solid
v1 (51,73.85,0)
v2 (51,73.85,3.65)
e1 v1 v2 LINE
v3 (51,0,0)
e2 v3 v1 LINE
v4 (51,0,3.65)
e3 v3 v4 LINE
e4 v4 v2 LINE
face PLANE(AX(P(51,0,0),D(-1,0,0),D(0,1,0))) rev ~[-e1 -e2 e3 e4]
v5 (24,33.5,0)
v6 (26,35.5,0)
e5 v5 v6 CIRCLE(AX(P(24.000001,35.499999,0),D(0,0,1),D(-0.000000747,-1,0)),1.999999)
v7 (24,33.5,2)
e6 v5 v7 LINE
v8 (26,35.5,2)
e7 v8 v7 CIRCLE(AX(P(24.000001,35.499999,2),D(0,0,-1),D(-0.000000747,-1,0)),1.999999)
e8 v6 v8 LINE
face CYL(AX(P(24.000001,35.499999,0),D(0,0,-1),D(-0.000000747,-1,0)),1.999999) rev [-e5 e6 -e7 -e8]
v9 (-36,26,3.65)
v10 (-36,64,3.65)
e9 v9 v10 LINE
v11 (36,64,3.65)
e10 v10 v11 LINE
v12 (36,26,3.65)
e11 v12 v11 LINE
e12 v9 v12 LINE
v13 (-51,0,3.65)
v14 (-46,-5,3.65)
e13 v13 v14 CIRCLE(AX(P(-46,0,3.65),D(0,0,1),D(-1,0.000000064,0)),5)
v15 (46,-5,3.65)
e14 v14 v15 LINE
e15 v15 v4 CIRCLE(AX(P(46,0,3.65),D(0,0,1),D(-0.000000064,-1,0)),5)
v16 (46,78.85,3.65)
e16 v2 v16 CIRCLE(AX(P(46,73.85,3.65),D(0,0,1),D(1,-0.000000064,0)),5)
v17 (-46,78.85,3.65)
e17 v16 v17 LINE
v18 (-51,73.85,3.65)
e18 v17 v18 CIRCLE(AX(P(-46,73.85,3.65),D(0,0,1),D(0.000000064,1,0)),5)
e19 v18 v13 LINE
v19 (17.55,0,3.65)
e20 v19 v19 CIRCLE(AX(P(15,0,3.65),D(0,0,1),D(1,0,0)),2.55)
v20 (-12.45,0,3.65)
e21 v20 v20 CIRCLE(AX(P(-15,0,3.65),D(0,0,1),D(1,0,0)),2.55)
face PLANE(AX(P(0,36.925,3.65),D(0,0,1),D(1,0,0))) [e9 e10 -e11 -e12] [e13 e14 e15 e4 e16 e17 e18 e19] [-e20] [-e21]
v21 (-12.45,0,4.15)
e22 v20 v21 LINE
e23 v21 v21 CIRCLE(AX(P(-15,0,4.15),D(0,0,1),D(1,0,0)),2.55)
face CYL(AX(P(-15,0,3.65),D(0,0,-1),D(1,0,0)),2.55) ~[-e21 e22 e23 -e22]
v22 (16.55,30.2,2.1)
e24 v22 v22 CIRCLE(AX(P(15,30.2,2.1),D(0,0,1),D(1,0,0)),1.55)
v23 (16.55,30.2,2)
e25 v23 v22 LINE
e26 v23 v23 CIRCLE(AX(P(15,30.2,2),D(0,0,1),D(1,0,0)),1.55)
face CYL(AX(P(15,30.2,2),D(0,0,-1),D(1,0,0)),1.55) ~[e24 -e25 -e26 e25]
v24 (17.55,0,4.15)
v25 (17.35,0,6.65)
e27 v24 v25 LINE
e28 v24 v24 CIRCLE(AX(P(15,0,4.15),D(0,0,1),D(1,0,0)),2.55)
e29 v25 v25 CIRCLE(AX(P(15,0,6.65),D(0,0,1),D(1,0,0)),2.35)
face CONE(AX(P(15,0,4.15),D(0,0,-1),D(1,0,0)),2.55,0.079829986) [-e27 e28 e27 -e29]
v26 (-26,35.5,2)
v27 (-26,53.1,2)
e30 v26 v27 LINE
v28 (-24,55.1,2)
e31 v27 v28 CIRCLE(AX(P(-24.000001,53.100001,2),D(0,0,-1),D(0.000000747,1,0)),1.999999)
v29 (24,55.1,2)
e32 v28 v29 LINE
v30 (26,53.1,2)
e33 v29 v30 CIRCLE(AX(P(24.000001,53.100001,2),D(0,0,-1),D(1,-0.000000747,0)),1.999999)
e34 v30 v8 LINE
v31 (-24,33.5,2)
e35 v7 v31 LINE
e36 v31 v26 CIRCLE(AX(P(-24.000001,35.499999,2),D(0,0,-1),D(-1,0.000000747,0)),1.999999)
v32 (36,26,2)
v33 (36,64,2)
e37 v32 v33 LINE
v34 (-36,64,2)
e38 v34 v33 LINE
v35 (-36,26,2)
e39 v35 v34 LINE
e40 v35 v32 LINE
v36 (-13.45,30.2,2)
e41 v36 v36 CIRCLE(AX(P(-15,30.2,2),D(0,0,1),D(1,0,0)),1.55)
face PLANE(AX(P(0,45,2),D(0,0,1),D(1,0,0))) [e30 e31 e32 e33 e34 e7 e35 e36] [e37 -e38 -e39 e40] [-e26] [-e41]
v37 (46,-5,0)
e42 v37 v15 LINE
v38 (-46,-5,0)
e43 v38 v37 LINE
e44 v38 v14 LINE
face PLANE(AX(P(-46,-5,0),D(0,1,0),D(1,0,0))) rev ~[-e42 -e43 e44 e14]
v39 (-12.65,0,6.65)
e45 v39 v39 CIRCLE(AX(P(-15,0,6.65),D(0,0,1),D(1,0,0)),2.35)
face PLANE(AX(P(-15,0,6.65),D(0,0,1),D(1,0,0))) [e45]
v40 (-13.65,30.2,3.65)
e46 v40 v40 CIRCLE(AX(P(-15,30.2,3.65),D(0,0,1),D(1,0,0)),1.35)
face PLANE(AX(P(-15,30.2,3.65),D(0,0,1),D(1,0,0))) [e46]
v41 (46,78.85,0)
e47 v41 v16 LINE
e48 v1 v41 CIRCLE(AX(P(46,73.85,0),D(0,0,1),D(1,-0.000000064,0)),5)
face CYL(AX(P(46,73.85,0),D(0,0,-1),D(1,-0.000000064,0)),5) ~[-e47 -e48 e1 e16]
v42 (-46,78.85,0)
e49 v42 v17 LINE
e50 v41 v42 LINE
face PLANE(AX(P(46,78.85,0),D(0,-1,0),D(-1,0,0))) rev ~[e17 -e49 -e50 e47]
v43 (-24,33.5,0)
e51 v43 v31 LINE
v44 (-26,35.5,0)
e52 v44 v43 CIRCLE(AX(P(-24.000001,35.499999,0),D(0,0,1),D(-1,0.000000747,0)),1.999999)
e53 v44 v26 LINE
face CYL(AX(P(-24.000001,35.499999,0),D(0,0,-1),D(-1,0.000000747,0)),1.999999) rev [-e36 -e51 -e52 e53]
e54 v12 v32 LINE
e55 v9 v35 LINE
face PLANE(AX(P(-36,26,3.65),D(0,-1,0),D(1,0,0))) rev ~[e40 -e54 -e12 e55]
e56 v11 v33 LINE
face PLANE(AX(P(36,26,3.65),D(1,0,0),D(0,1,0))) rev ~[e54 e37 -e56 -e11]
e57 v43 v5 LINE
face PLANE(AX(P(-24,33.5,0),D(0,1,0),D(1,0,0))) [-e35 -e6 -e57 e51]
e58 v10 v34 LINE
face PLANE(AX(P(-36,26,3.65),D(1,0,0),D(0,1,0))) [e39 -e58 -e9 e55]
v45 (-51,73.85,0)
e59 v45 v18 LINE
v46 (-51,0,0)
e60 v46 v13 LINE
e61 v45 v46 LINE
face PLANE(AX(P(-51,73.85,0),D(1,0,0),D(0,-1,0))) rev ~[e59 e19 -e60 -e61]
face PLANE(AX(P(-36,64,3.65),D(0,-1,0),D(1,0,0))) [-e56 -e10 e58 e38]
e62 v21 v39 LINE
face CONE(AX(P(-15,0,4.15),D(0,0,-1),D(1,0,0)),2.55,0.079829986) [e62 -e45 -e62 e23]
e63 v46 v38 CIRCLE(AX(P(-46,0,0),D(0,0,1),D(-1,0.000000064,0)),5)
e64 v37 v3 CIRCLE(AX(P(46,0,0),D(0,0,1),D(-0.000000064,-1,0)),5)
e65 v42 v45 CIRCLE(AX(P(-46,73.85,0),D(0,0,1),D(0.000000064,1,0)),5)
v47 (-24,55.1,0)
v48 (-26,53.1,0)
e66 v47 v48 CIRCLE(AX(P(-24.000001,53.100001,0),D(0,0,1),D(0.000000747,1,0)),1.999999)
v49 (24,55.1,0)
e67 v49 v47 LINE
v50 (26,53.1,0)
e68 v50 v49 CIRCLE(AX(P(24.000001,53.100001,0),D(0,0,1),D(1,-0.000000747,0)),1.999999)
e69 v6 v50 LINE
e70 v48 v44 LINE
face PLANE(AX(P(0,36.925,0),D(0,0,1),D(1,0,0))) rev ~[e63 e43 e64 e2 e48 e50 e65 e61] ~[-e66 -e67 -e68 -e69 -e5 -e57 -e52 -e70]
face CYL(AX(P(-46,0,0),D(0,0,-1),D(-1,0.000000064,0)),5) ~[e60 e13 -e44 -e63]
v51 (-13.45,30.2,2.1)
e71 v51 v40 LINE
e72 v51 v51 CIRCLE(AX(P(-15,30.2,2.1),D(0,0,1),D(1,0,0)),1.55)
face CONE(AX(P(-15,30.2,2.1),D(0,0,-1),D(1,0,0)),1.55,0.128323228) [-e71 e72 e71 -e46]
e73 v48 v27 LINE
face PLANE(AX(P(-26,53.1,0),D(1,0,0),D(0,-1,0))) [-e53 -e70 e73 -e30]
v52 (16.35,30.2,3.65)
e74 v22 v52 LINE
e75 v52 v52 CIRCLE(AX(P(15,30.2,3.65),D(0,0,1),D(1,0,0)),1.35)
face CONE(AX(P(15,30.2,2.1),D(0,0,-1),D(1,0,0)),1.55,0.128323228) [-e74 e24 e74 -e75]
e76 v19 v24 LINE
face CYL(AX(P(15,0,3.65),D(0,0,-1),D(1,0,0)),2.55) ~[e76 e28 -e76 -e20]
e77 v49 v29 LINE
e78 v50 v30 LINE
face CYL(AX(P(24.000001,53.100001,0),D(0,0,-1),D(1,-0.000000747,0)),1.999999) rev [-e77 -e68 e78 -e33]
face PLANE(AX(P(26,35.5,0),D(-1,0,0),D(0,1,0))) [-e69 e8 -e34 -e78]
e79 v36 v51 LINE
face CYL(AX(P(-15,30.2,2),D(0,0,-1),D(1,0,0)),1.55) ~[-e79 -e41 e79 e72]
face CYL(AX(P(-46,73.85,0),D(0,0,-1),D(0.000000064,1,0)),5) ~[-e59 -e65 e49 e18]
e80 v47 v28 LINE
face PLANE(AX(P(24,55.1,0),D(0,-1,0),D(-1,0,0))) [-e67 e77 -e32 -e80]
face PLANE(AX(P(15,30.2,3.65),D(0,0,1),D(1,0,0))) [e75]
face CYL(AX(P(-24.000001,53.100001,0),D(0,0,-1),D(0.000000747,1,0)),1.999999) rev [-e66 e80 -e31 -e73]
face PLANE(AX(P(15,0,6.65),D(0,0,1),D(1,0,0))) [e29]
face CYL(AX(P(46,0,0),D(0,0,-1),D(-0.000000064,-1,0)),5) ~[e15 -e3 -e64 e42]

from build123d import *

# Parameters (mm, degrees)
PAD_DEPTH          = 3.65
SKETCH002_R        = 2.55
PAD002_DEPTH       = 3
SKETCH006_W        = 72
SKETCH006_H        = 38
POCKET001_DEPTH    = 1.65
SKETCH003_R        = 1.55
PAD003_DEPTH       = 1.65
CHAMFER_1_SIZE2    = 0.2
CHAMFER_1_SIZE     = 2.5
CHAMFER_2_SIZE2    = 0.2
CHAMFER_2_SIZE     = 2.5
CHAMFER001_1_SIZE2 = 0.2
CHAMFER001_1_SIZE  = 1.55
CHAMFER001_2_SIZE2 = 0.2
CHAMFER001_2_SIZE  = 1.55
POCKET_DEPTH       = 6.651


with BuildPart() as part:
    # Sketch001 → Pad (new body)
    with BuildSketch(Plane.XY):
        with BuildLine():
            Line((-51, 73.85), (-51, 0))
            ThreePointArc((-51, 0), (-49.535534, -3.535534), (-46, -5))
            Line((-46, -5), (46, -5))
            ThreePointArc((46, -5), (49.535534, -3.535534), (51, 0))
            Line((51, 0), (51, 73.85))
            ThreePointArc((51, 73.85), (49.535534, 77.385534), (46, 78.85))
            Line((46, 78.85), (-46, 78.85))
            ThreePointArc((-46, 78.85), (-49.535534, 77.385534), (-51, 73.85))
        make_face()
    extrude(amount=PAD_DEPTH)

    # Sketch002 → Pad002 (join)
    with BuildSketch(Plane.XY.offset(3.65)):
        with Locations((-15, 0)):
            Circle(SKETCH002_R)
        with Locations((15, 0)):
            Circle(SKETCH002_R)
    extrude(amount=PAD002_DEPTH)

    # Sketch006 → Pocket001 (cut)
    with BuildSketch(Plane.XY.offset(3.65)):
        with Locations((0, 45)):
            Rectangle(SKETCH006_W, SKETCH006_H)
    extrude(amount=-POCKET001_DEPTH, mode=Mode.SUBTRACT)

    # Sketch003 → Pad003 (join)
    with BuildSketch(Plane.XY.offset(2)):
        with Locations((-15, 30.2)):
            Circle(SKETCH003_R)
        with Locations((15, 30.2)):
            Circle(SKETCH003_R)
    extrude(amount=PAD003_DEPTH)

    # Chamfer 1
    chamfer_1_edges = [part.edges().sort_by_distance(p)[0] for p in [
        (-17.55, 0, 6.65),
    ]]
    chamfer_1_side = part.faces().sort_by_distance((-17.55, 0, 5.15))[0]
    chamfer(chamfer_1_edges, length=CHAMFER_1_SIZE, length2=CHAMFER_1_SIZE2, reference=chamfer_1_side)

    # Chamfer 2
    chamfer_2_edges = [part.edges().sort_by_distance(p)[0] for p in [
        (12.45, 0, 6.65),
    ]]
    chamfer_2_side = part.faces().sort_by_distance((12.45, 0, 5.15))[0]
    chamfer(chamfer_2_edges, length=CHAMFER_2_SIZE, length2=CHAMFER_2_SIZE2, reference=chamfer_2_side)

    # Chamfer001 1
    chamfer001_1_edges = [part.edges().sort_by_distance(p)[0] for p in [
        (-16.55, 30.2, 3.65),
    ]]
    chamfer001_1_side = part.faces().sort_by_distance((-16.55, 30.2, 2.825))[0]
    chamfer(chamfer001_1_edges, length=CHAMFER001_1_SIZE, length2=CHAMFER001_1_SIZE2, reference=chamfer001_1_side)

    # Chamfer001 2
    chamfer001_2_edges = [part.edges().sort_by_distance(p)[0] for p in [
        (13.45, 30.2, 3.65),
    ]]
    chamfer001_2_side = part.faces().sort_by_distance((13.45, 30.2, 2.825))[0]
    chamfer(chamfer001_2_edges, length=CHAMFER001_2_SIZE, length2=CHAMFER001_2_SIZE2, reference=chamfer001_2_side)

    # Sketch005 → Pocket (cut, through all)
    with BuildSketch(Plane.XY):
        with BuildLine():
            Line((-26, 53.1), (-26, 35.5))
            ThreePointArc((-26, 35.5), (-25.414214, 34.085786), (-24, 33.5))
            Line((-24, 33.5), (24, 33.5))
            ThreePointArc((24, 33.5), (25.414214, 34.085786), (26, 35.5))
            Line((26, 35.5), (26, 53.1))
            ThreePointArc((26, 53.1), (25.414214, 54.514214), (24, 55.1))
            Line((24, 55.1), (-24, 55.1))
            ThreePointArc((-24, 55.1), (-25.414214, 54.514214), (-26, 53.1))
        make_face()
    extrude(amount=POCKET_DEPTH, mode=Mode.SUBTRACT)


solid = part.part
